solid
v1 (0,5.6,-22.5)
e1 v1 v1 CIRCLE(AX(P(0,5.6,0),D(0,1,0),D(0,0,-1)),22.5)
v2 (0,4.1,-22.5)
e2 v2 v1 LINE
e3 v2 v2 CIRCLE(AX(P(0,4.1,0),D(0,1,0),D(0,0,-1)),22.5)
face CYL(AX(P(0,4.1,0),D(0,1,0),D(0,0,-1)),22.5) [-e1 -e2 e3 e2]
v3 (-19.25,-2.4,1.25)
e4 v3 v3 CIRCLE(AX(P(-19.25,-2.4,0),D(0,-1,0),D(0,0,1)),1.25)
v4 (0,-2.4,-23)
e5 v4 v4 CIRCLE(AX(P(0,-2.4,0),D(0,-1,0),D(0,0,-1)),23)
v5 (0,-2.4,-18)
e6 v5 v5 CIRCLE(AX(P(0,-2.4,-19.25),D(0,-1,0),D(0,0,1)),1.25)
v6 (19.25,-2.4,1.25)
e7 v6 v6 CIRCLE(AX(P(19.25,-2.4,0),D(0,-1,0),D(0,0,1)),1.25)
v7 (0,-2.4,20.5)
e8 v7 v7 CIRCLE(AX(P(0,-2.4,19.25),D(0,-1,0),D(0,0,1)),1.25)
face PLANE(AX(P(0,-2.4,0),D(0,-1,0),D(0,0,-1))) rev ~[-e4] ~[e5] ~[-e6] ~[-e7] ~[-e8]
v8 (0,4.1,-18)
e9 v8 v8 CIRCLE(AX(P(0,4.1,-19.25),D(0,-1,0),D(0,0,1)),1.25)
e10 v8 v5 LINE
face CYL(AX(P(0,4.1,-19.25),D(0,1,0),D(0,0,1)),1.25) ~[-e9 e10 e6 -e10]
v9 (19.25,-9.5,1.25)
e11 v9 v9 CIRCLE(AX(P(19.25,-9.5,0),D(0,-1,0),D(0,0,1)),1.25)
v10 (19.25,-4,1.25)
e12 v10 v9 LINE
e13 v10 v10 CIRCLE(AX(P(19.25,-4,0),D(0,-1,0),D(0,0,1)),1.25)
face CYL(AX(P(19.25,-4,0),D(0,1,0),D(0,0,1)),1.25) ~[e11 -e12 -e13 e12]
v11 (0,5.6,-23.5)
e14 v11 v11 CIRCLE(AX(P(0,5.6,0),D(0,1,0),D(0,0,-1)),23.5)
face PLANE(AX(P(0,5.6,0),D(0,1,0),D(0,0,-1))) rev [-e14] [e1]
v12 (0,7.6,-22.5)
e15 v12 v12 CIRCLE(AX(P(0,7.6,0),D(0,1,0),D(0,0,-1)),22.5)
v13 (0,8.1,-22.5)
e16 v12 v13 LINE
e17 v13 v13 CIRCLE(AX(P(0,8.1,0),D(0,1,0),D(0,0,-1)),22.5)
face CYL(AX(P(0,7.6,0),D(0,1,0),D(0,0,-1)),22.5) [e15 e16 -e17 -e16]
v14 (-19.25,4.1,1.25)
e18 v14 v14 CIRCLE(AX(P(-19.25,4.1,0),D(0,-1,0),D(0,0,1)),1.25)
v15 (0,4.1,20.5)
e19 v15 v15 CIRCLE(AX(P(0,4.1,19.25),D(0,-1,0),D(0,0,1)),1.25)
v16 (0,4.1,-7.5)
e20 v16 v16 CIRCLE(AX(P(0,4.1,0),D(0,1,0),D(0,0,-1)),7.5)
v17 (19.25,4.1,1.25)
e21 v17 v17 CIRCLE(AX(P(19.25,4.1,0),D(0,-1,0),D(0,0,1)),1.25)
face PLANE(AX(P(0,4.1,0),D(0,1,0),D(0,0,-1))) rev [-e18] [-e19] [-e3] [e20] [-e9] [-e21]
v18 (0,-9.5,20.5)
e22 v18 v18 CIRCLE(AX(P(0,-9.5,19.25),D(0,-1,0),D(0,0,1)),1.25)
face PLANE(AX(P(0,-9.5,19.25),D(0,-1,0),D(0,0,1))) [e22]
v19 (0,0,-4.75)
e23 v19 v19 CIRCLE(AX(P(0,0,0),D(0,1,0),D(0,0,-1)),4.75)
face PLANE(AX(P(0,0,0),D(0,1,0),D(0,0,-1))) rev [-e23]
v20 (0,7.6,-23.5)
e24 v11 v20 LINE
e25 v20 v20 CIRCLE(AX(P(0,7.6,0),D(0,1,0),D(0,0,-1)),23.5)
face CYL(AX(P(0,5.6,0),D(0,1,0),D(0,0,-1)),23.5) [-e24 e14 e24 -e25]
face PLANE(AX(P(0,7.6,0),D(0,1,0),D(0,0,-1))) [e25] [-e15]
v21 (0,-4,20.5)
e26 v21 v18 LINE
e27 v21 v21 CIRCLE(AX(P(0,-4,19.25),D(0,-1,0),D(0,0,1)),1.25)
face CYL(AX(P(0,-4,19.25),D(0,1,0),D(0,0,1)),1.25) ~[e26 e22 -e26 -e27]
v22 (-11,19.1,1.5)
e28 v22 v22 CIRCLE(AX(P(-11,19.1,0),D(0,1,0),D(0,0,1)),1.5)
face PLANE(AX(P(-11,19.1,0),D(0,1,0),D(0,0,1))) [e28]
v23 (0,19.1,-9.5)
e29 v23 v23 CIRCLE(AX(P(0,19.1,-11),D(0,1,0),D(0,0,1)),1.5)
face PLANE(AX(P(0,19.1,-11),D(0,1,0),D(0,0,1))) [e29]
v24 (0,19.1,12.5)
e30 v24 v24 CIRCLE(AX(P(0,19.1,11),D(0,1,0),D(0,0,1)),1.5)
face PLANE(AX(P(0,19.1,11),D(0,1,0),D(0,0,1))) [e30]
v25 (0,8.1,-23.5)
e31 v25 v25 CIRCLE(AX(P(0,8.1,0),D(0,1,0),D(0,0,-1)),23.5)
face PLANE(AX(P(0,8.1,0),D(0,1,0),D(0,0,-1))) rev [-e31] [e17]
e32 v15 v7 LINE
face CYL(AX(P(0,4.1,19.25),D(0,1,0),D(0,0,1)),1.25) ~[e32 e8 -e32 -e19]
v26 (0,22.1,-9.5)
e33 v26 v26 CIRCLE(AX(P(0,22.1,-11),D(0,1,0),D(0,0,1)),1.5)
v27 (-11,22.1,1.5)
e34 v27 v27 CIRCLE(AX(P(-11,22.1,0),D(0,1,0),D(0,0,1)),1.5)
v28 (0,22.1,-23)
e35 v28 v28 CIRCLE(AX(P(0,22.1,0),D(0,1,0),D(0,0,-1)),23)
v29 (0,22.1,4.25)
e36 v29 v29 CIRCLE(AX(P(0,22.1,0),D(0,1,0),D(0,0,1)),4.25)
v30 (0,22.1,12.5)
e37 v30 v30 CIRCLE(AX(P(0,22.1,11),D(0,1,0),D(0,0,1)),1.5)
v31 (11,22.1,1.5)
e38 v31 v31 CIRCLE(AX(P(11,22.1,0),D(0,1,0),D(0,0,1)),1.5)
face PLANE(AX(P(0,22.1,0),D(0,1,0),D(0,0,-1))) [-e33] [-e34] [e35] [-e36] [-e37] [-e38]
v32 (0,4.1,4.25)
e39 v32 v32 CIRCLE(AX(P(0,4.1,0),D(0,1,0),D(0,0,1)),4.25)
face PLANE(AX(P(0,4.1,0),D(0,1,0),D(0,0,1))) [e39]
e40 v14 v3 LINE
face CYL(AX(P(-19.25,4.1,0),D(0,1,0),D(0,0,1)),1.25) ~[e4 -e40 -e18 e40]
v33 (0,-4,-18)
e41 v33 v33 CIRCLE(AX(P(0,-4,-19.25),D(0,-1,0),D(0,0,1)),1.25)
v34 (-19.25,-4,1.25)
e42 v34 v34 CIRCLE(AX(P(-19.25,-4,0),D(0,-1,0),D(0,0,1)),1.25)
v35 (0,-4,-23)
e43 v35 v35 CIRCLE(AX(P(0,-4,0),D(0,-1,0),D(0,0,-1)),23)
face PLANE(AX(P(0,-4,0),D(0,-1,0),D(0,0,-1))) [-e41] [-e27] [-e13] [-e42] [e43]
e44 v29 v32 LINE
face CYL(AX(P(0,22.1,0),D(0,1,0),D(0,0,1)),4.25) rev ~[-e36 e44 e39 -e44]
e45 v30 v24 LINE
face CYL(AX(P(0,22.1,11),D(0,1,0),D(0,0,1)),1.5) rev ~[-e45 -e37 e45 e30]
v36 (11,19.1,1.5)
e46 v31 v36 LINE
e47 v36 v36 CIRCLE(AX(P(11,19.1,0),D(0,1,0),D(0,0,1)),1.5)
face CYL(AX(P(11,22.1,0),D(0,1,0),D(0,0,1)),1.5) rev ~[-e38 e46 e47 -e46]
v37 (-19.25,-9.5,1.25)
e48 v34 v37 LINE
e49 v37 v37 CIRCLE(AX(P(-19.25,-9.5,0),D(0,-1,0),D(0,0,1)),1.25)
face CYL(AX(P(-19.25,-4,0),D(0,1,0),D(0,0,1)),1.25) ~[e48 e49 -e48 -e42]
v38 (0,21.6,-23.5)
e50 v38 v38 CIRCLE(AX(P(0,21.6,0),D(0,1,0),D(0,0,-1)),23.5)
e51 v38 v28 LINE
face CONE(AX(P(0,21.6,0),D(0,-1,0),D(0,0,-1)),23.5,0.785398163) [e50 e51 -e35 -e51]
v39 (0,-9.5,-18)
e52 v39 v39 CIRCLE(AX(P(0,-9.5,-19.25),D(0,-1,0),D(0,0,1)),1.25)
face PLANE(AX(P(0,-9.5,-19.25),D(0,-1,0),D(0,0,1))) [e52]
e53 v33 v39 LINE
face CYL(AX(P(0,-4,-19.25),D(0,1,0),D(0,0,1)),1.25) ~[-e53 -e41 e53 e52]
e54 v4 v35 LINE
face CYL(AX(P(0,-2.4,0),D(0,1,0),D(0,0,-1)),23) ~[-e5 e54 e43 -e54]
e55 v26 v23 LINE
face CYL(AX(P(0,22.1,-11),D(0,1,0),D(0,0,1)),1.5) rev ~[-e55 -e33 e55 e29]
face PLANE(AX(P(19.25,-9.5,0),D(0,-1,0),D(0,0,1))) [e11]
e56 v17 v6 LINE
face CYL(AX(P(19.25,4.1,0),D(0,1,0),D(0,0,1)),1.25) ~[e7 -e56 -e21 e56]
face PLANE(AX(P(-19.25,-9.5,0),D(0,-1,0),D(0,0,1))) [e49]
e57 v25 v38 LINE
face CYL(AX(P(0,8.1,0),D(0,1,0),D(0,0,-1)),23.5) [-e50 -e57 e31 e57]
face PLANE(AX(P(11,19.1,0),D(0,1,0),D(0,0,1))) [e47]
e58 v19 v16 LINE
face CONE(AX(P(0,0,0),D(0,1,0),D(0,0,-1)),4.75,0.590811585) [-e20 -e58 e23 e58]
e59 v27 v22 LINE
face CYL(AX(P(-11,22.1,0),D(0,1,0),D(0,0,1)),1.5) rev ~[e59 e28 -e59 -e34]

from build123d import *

# Parameters (mm, degrees)
SKETCH_2_R          = 1.5
CUT_EXTRUDE_1_DEPTH = 3
SKETCH_3_R          = 4.25
CUT_EXTRUDE_2_DEPTH = 18
SKETCH_6_R          = 1.25
EXTRUDE_1_DEPTH     = 6.5
SKETCH_7_R          = 23
EXTRUDE_2_DEPTH     = 1.6
SKETCH_10_R         = 1.25
EXTRUDE_3_DEPTH     = 5.5


with BuildPart() as part:
    # 草图1 → 旋转1 (revolve)
    with BuildSketch(Plane.XY, mode=Mode.PRIVATE) as revolve_1_sk:
        Polygon((23, 22.1), (0, 22.1), (0, 0), (4.75, 0), (7.5, 4.1), (22.5, 4.1), (22.5, 5.6), (23.5, 5.6), (23.5, 7.6), (22.5, 7.6), (22.5, 8.1), (23.5, 8.1), (23.5, 21.6), align=None)
    revolve(revolve_1_sk.sketch.rotate(Axis((0, 0, 0), (0, 1, 0)), 90), axis=Axis((0, 0, 0), (0, 1, 0)))

    # 草图2 → 切除-拉伸1 (cut)
    with BuildSketch(Plane(origin=(0, 22.1, 0), x_dir=(1, 0, 0), z_dir=(0, 1, 0))):
        with Locations(Location((0, 11, 0), (0, 0, 270))):
            Circle(SKETCH_2_R)
        with Locations(Location((11, 0, 0), (0, 0, 270))):
            Circle(SKETCH_2_R)
        with Locations(Location((0, -11, 0), (0, 0, 270))):
            Circle(SKETCH_2_R)
        with Locations(Location((-11, 0, 0), (0, 0, 270))):
            Circle(SKETCH_2_R)
    extrude(amount=-CUT_EXTRUDE_1_DEPTH, mode=Mode.SUBTRACT)

    # 草图3 → 切除-拉伸2 (cut)
    with BuildSketch(Plane(origin=(0, 22.1, 0), x_dir=(1, 0, 0), z_dir=(0, 1, 0))):
        with Locations(Location((0, 0, 0), (0, 0, 270))):
            Circle(SKETCH_3_R)
    extrude(amount=-CUT_EXTRUDE_2_DEPTH, mode=Mode.SUBTRACT)

    # 草图6 → 凸台-拉伸1 (add)
    with BuildSketch(Plane.XZ.offset(-4.1)):
        with Locations(Location((0, 19.25, 0), (0, 0, 90))):
            Circle(SKETCH_6_R)
        with Locations(Location((19.25, 0, 0), (0, 0, 90))):
            Circle(SKETCH_6_R)
        with Locations(Location((0, -19.25, 0), (0, 0, 90))):
            Circle(SKETCH_6_R)
        with Locations(Location((-19.25, 0, 0), (0, 0, 90))):
            Circle(SKETCH_6_R)
    extrude(amount=EXTRUDE_1_DEPTH)

    # 草图7 → 凸台-拉伸2 (add)
    with BuildSketch(Plane.XZ.offset(2.4)):
        with Locations(Location((0, 0, 0), (0, 0, 270))):
            Circle(SKETCH_7_R)
    extrude(amount=EXTRUDE_2_DEPTH)

    # 草图10 → 凸台-拉伸3 (add)
    with BuildSketch(Plane.XZ.offset(4)):
        with Locations(Location((0, 19.25, 0), (0, 0, 90))):
            Circle(SKETCH_10_R)
        with Locations(Location((19.25, 0, 0), (0, 0, 90))):
            Circle(SKETCH_10_R)
        with Locations(Location((0, -19.25, 0), (0, 0, 90))):
            Circle(SKETCH_10_R)
        with Locations(Location((-19.25, 0, 0), (0, 0, 90))):
            Circle(SKETCH_10_R)
    extrude(amount=EXTRUDE_3_DEPTH)


solid = part.part
